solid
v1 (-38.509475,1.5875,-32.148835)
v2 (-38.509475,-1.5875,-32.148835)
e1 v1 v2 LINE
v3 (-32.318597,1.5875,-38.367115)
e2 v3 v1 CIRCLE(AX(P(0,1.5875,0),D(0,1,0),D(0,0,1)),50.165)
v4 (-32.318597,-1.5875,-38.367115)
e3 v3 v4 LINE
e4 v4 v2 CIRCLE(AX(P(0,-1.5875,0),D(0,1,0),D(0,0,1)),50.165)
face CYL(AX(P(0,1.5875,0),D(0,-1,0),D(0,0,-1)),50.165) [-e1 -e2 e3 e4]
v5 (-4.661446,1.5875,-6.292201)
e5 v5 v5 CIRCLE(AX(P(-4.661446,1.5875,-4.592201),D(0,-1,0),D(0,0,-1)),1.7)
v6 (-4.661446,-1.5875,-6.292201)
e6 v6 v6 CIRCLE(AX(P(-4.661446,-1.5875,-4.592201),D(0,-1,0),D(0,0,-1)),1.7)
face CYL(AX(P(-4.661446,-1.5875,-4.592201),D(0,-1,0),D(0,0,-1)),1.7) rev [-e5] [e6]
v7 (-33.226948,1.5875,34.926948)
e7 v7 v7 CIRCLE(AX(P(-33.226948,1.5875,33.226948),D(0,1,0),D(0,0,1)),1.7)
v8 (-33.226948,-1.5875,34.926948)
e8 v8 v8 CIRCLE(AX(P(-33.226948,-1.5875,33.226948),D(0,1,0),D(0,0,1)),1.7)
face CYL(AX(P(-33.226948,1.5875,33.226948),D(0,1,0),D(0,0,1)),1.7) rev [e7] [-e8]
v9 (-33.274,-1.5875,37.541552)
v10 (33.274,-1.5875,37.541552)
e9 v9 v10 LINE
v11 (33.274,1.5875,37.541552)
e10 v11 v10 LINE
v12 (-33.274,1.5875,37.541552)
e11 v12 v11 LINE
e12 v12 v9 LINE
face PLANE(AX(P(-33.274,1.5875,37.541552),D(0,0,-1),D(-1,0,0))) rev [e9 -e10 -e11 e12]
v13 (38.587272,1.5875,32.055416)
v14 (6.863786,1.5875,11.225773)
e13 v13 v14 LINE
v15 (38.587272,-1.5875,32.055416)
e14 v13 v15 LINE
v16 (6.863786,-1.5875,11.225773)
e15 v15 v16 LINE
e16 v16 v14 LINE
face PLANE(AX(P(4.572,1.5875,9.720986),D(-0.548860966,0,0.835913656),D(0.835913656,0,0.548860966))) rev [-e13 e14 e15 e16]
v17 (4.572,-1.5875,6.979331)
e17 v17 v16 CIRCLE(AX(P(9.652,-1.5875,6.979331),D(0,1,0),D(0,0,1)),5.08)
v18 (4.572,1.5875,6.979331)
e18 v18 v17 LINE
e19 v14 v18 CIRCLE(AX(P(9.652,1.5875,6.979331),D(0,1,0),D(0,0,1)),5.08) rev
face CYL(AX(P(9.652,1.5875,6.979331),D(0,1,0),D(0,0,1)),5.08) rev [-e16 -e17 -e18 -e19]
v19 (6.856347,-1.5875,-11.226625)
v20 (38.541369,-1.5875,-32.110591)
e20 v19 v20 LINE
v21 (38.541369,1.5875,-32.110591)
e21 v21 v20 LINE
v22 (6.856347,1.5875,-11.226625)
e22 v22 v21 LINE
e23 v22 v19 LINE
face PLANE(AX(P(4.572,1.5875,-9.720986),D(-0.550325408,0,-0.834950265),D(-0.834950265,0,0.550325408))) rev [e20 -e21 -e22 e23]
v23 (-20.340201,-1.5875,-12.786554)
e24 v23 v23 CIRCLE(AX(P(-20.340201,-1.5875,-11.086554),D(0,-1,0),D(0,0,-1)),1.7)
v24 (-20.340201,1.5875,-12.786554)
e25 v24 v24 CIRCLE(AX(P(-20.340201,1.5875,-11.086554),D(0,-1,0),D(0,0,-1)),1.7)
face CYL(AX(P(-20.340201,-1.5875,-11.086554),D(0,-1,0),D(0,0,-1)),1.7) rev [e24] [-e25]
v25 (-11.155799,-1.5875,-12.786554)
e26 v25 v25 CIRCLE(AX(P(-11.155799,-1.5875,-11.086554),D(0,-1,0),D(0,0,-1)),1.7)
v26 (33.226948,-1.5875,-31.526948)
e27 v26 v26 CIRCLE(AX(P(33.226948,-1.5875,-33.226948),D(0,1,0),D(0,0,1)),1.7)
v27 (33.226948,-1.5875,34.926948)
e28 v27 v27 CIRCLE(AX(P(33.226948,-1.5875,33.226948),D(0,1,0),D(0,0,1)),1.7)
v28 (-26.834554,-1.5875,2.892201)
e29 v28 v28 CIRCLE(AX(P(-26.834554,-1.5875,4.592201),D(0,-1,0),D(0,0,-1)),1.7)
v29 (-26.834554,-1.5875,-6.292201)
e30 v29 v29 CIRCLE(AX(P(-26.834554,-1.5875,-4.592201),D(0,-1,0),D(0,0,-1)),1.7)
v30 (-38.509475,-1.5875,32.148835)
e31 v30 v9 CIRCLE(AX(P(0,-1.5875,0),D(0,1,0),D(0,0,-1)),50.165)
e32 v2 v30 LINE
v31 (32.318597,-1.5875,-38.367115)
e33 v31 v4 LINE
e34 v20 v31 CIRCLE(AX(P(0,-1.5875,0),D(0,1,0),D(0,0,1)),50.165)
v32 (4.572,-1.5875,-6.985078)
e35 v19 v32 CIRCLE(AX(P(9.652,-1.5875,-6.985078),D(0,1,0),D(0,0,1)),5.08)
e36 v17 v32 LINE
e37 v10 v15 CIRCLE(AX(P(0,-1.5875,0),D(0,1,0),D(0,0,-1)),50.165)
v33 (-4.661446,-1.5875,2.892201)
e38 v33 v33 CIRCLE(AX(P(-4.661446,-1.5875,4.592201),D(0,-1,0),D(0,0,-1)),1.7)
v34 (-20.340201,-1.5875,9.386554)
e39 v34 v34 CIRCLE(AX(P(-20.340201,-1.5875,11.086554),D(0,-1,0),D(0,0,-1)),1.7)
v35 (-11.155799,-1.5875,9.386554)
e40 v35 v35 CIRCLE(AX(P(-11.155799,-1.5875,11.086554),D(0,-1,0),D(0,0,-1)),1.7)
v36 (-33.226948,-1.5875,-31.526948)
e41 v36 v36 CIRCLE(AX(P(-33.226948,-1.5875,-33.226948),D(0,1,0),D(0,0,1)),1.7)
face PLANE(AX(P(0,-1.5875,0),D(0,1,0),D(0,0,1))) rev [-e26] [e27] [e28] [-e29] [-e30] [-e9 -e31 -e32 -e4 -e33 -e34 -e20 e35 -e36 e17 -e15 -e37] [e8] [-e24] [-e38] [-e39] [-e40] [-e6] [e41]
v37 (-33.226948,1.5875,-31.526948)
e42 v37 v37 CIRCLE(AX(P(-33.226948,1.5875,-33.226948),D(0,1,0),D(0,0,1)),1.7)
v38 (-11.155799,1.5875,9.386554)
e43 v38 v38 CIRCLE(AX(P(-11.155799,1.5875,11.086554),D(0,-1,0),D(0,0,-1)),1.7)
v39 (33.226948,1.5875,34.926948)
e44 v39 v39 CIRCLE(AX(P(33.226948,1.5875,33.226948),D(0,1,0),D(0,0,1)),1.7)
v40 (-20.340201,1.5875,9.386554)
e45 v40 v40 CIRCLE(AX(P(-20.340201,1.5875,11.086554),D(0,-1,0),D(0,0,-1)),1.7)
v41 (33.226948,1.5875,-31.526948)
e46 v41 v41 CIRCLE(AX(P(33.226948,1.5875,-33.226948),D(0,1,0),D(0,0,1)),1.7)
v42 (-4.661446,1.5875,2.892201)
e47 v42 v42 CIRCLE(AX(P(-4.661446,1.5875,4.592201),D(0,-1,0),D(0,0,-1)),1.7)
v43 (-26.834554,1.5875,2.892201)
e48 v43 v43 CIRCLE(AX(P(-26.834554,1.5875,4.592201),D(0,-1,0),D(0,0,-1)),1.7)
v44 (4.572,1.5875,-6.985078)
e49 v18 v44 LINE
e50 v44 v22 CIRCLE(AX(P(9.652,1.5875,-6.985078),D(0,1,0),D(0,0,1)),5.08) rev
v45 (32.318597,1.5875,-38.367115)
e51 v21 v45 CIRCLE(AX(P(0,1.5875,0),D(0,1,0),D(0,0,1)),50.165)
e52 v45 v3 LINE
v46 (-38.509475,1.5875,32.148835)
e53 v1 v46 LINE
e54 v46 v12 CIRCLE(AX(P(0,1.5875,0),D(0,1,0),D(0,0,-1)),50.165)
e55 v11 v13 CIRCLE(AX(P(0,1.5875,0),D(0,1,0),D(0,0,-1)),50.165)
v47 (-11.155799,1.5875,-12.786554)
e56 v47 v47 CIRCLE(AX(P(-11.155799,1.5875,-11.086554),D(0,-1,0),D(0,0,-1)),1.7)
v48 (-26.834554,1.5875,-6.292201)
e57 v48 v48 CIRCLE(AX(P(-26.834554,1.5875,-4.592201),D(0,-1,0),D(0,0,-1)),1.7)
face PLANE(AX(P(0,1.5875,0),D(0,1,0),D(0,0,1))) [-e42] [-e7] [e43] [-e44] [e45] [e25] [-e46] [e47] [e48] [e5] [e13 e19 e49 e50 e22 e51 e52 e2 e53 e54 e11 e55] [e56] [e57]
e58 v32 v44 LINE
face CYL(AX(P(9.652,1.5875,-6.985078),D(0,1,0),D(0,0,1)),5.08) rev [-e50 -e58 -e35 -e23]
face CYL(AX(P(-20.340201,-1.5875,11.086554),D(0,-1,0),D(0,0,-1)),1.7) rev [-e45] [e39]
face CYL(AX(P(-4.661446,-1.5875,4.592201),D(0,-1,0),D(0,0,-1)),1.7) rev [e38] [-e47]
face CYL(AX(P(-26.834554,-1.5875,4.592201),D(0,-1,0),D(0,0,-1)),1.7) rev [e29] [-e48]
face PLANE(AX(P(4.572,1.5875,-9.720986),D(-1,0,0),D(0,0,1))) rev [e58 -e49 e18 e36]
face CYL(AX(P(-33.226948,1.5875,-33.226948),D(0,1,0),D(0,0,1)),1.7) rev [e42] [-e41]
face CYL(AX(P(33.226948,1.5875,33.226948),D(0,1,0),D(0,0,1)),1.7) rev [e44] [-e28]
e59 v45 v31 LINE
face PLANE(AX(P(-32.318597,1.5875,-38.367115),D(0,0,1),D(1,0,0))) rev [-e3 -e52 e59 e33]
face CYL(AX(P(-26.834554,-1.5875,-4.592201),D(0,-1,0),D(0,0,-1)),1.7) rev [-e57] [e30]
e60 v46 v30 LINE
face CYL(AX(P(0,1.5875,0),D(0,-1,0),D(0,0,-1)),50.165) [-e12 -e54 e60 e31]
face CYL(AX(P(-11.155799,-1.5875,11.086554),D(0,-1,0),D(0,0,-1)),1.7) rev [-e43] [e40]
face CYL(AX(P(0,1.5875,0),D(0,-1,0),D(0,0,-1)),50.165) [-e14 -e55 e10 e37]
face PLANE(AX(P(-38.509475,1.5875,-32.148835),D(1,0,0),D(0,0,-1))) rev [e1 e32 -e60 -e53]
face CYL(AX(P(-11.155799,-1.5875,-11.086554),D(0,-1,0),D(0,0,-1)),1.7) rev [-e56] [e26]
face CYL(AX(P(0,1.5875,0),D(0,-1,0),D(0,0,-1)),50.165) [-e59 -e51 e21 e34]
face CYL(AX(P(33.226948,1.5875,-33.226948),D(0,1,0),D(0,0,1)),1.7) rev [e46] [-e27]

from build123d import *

# Parameters (mm, degrees)
BOSS_EXTRUDE1_DEPTH  = 1.5875
M3_CLEARANCE_HOLE1_D = 3.4
M3_CLEARANCE_HOLE2_D = 3.4
CIRPATTERN1_COUNT    = 8
FILLET1_R            = 5.08


with BuildPart() as part:
    # Sketch1 → Boss-Extrude1 (new, symmetric)
    with BuildSketch(Plane(origin=(0, 0, 0), x_dir=(1, 0, 0), z_dir=(0, 1, 0))):
        with BuildLine():
            Line((-38.50947489, 32.14883464), (-38.50947489, -32.14883464))
            ThreePointArc((-38.50947489, -32.14883464), (-35.992876625, -34.943383598), (-33.274, -37.541552299))
            Line((-33.274, -37.541552299), (33.274, -37.541552299))
            ThreePointArc((33.274, -37.541552299), (36.035191498, -34.899744966), (38.587271968, -32.055415565))
            Line((38.587271968, -32.055415565), (4.572, -9.720985565))
            Line((4.572, -9.720985565), (4.572, 9.720985565))
            Line((4.572, 9.720985565), (38.541369471, 32.110591154))
            ThreePointArc((38.541369471, 32.110591154), (35.567819018, 35.375944868), (32.318597457, 38.367114609))
            Line((32.318597457, 38.367114609), (-32.318597457, 38.367114609))
            ThreePointArc((-32.318597457, 38.367114609), (-35.55025611, 35.393594272), (-38.50947489, 32.14883464))
        make_face()
    extrude(amount=BOSS_EXTRUDE1_DEPTH, both=True)

    # M3 Clearance Hole1 (through all)
    with Locations(Plane(origin=(0, 1.5875, 0), x_dir=(1, 0, 0), z_dir=(0, 1, 0))):
        with Locations((-33.226947648, 33.226947648), (33.226947648, 33.226947648), (33.226947648, -33.226947648), (-33.226947648, -33.226947648)):
            Hole(M3_CLEARANCE_HOLE1_D / 2)

    # M3 Clearance Hole2 (through all)
    with Locations(Plane(origin=(0, -1.5875, 0), x_dir=(-1, 0, 0), z_dir=(0, -1, 0))):
        with Locations((4.66144561, -4.592201188)):
            m3_clearance_hole2 = Hole(M3_CLEARANCE_HOLE2_D / 2)

    # CirPattern1: M3 Clearance Hole2 ×8 about axis
    cirpattern1_axis = Axis((-15.748, 0, 0), (0, -1, 0))
    for i in range(1, CIRPATTERN1_COUNT):
        add(m3_clearance_hole2.rotate(cirpattern1_axis, i * 360 / CIRPATTERN1_COUNT), mode=Mode.SUBTRACT)

    # Fillet1
    fillet1_edges = [part.edges().sort_by_distance(p)[0] for p in [
        (4.572, 0, -9.720985565),
        (4.572, 0, 9.720985565),
    ]]
    fillet(fillet1_edges, radius=FILLET1_R)


solid = part.part
